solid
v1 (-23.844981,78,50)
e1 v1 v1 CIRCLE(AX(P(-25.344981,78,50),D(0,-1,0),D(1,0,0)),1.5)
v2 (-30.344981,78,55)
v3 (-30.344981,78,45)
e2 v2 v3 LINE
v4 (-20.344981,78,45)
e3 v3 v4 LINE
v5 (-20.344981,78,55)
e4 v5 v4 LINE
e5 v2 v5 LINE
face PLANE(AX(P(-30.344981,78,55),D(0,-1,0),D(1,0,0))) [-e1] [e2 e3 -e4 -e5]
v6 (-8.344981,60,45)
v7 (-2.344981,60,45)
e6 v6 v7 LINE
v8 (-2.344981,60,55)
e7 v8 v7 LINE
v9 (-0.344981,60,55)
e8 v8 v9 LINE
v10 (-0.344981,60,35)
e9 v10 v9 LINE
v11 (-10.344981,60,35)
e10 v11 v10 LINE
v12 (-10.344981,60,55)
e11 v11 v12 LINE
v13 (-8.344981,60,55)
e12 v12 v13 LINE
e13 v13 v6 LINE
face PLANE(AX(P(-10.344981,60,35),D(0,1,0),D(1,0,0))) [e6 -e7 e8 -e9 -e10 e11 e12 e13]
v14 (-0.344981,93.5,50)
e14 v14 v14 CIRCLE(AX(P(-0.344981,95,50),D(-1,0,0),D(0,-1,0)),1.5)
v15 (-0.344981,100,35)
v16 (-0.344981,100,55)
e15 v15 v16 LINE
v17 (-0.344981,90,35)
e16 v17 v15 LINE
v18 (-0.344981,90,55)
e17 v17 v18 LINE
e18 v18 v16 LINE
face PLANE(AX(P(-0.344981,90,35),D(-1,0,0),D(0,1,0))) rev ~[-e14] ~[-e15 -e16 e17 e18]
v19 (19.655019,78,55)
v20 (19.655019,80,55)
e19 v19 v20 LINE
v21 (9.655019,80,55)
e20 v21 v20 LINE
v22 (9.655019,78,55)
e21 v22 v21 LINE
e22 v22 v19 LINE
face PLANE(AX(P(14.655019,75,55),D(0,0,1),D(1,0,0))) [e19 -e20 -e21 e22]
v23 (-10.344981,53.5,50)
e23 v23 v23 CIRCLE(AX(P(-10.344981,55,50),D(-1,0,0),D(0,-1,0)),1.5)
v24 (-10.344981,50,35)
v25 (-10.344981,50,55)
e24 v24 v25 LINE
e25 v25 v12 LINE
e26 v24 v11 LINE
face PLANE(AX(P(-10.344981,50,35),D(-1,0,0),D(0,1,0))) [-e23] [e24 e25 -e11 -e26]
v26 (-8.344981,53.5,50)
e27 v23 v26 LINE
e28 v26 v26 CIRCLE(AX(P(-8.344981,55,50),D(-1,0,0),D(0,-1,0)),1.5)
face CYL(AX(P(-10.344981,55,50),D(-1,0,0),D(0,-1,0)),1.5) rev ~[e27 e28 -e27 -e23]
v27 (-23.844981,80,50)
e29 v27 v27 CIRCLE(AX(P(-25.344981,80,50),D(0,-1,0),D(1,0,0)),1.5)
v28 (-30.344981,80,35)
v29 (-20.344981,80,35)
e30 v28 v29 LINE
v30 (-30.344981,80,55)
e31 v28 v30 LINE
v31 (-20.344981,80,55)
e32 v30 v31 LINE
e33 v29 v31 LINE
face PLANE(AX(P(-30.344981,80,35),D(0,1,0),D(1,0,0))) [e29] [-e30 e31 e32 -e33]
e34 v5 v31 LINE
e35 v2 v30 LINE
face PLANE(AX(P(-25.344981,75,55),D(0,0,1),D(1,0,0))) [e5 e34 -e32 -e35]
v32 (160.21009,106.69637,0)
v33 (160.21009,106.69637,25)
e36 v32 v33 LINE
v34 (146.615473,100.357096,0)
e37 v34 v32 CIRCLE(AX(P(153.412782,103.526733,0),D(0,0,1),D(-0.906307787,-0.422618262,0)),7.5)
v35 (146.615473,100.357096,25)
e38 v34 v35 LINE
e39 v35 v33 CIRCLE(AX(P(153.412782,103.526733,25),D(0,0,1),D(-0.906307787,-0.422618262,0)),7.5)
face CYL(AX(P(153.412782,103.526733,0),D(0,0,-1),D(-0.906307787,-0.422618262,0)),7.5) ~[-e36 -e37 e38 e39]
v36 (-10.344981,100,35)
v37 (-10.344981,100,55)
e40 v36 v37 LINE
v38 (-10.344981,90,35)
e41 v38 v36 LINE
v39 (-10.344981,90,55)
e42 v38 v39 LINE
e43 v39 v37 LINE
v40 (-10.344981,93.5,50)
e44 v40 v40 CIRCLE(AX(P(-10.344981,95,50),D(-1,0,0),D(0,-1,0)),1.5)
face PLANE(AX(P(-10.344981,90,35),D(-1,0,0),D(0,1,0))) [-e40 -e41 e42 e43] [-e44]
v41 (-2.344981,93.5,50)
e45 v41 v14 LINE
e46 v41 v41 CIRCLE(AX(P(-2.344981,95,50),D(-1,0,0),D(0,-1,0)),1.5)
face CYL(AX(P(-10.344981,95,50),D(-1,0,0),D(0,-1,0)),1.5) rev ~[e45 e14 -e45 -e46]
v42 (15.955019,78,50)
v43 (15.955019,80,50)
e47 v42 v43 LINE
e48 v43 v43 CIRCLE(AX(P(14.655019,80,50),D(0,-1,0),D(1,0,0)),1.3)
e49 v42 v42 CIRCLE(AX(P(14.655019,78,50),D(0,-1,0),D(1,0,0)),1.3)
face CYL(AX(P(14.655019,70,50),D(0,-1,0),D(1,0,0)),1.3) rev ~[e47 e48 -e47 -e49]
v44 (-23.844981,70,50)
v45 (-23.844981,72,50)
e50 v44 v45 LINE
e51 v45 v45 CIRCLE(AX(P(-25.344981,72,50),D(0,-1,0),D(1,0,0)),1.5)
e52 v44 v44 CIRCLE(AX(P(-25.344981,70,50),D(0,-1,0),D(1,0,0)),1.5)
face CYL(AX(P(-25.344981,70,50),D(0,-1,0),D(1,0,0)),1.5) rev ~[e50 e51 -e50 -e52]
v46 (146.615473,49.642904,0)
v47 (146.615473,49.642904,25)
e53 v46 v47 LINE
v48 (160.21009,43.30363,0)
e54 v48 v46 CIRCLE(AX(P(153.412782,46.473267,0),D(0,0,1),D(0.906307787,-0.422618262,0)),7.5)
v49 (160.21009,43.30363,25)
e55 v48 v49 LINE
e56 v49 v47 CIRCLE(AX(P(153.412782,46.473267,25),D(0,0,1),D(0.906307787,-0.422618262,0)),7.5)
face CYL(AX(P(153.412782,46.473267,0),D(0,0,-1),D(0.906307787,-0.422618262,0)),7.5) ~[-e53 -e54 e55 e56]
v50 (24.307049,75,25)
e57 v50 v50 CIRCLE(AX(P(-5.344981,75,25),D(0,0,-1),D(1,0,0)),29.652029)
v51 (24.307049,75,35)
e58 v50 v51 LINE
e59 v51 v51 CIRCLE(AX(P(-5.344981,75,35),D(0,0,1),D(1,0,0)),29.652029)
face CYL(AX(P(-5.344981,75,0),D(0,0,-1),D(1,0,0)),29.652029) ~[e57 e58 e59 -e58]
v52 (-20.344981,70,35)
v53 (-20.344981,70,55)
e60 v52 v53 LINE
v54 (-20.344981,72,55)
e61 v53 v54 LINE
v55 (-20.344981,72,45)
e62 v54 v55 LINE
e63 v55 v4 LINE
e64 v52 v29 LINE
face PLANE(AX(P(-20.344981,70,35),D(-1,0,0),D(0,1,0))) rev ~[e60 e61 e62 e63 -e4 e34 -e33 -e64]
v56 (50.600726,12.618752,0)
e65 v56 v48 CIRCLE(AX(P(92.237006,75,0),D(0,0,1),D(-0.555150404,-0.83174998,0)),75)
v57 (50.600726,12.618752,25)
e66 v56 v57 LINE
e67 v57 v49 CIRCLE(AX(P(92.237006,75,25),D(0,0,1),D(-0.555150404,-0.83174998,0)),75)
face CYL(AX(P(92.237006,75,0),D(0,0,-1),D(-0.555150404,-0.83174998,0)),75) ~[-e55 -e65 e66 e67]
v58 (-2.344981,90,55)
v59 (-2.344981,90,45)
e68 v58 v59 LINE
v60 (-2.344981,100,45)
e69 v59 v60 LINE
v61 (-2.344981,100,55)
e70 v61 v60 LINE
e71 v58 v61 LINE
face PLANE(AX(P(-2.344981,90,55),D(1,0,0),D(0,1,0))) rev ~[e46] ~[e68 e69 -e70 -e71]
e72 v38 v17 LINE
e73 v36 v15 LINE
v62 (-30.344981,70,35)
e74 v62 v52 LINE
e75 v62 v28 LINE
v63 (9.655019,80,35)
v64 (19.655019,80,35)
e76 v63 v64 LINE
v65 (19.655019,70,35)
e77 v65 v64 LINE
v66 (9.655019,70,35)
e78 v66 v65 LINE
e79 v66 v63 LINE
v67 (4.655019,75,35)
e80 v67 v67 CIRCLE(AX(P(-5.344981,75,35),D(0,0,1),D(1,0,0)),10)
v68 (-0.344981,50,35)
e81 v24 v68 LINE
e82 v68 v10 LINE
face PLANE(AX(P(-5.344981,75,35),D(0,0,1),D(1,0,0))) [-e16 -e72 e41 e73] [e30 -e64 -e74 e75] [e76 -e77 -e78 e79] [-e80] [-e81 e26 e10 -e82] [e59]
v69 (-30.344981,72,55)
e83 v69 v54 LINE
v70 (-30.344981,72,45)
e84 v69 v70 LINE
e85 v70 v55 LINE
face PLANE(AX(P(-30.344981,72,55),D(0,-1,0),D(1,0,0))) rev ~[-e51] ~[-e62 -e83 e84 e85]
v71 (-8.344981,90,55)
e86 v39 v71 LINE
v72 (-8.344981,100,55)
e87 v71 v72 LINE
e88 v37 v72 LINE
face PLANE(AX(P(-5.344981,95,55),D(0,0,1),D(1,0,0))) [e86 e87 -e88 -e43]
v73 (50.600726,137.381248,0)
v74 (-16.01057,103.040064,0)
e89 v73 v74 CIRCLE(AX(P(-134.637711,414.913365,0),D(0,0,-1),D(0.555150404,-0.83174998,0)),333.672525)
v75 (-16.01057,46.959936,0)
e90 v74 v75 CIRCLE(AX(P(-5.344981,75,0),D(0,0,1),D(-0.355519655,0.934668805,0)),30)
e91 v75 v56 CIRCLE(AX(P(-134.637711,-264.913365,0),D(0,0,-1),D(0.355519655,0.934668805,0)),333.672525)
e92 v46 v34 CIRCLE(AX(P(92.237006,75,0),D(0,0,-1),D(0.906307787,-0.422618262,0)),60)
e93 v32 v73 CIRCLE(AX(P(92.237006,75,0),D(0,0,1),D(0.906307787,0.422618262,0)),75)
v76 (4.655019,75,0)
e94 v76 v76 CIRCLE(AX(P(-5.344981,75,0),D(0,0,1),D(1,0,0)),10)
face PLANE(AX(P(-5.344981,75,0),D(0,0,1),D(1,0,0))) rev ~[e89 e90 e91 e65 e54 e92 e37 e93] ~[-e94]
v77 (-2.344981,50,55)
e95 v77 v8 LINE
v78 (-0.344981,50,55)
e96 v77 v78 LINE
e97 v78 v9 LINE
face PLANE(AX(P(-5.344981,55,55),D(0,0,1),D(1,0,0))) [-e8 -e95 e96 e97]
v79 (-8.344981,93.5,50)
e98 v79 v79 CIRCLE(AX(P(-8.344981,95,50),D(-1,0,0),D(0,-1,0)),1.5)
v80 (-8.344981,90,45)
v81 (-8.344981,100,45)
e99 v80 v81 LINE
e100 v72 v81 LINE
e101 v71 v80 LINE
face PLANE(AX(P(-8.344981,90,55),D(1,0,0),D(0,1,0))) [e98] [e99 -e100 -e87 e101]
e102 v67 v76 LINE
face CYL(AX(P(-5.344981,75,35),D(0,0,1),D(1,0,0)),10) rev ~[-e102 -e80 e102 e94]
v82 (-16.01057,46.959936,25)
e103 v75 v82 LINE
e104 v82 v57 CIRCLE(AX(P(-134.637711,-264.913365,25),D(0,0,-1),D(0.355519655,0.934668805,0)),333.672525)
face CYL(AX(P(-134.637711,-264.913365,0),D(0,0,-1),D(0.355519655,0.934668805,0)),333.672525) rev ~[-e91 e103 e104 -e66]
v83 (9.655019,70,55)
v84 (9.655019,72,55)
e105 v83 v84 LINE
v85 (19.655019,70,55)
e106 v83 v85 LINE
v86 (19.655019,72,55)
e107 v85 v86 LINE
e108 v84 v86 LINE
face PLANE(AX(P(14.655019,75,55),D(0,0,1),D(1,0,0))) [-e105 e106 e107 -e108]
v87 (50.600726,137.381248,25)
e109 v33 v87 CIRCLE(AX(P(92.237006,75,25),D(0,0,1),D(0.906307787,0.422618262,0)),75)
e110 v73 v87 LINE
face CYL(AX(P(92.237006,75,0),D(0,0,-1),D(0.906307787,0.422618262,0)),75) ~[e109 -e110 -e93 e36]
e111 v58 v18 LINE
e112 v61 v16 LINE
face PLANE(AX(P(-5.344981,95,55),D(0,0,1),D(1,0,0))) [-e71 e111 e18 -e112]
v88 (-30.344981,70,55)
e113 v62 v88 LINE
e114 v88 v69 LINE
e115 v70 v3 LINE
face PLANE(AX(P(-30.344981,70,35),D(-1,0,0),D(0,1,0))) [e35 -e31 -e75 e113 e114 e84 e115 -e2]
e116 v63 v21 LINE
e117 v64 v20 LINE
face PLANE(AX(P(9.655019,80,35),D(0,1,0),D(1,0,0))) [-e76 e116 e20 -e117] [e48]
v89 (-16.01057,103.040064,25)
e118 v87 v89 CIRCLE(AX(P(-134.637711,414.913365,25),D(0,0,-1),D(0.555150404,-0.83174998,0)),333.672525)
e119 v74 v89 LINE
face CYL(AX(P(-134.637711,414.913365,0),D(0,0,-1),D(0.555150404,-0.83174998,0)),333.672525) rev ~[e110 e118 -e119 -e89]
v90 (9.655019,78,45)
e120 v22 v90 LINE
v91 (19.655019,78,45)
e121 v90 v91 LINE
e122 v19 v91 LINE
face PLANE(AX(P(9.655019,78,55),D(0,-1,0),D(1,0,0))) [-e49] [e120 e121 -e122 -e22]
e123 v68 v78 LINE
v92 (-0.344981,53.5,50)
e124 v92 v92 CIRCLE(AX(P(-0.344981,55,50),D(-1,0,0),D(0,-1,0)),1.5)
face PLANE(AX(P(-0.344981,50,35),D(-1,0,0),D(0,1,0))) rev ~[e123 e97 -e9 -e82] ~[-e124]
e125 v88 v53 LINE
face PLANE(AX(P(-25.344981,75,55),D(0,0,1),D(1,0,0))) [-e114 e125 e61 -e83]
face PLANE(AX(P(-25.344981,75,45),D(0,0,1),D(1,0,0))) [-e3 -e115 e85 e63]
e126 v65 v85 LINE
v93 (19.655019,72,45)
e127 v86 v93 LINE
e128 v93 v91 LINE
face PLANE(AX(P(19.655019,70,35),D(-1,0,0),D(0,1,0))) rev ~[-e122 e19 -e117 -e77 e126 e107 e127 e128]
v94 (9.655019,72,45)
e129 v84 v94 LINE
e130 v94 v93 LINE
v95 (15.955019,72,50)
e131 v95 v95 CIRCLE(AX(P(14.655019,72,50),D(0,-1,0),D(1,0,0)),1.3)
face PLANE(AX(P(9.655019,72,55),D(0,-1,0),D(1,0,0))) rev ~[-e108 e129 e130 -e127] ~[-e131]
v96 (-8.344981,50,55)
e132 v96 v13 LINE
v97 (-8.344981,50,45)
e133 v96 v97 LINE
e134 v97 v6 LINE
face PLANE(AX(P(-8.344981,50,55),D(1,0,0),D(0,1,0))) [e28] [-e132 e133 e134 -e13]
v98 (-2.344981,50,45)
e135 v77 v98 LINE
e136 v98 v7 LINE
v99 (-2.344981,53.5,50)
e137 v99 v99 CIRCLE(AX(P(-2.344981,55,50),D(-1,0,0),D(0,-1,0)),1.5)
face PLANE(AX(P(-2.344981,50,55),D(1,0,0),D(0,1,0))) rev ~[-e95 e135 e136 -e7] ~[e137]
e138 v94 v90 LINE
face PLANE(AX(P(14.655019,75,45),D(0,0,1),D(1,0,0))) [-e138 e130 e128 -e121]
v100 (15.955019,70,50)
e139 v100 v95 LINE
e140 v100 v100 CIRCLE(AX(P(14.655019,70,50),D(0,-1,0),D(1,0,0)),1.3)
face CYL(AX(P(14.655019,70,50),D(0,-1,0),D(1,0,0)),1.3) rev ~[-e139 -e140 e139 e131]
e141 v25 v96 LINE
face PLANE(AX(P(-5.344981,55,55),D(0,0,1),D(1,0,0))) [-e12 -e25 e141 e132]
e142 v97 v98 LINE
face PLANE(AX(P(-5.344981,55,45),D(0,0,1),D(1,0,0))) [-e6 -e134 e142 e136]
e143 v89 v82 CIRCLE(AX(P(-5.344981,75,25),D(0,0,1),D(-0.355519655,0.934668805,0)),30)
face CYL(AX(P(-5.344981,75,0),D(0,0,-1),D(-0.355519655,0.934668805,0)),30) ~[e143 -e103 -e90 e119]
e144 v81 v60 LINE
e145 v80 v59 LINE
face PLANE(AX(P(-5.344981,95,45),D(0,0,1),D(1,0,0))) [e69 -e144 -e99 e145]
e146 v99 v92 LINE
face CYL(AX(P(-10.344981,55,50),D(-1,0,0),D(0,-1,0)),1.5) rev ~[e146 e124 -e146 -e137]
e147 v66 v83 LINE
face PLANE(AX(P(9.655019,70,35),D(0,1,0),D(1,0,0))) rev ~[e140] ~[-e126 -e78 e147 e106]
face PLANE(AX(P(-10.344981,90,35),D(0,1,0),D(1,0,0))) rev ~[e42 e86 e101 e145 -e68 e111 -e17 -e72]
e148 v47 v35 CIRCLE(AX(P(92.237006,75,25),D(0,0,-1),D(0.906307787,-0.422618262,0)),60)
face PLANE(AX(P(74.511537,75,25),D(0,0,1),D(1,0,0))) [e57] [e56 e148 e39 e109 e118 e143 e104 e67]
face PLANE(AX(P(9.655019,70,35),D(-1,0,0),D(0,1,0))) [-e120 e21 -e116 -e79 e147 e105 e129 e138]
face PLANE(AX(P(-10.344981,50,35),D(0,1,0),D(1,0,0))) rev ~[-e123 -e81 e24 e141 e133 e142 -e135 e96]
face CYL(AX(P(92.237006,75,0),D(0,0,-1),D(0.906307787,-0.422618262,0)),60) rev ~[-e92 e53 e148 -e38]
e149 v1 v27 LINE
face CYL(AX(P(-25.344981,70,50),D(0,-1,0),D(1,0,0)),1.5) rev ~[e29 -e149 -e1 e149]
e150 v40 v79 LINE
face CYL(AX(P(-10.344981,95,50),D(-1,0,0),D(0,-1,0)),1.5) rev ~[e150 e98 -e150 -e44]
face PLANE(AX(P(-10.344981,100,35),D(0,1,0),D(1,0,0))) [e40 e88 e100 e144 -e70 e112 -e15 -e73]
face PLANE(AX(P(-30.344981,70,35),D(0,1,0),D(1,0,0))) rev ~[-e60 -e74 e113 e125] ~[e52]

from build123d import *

# Parameters (mm, degrees)
BOSS_EXTRUDE1_DEPTH = 25
SKETCH1_3_R         = 29.652029199
BOSS_EXTRUDE2_DEPTH = 35
SKETCH3_R           = 10
CUT_EXTRUDE1_DEPTH  = 35
SKETCH4_W           = 10
SKETCH4_H           = 10
BOSS_EXTRUDE3_DEPTH = 20
SKETCH5_W           = 6
SKETCH5_H           = 10
SKETCH5_W_2         = 10
SKETCH5_H_2         = 6
CUT_EXTRUDE2_DEPTH  = 10
SKETCH6_R           = 1.3
SKETCH6_R_2         = 1.5
CUT_EXTRUDE3_DEPTH  = 10
SKETCH7_R           = 1.5
CUT_EXTRUDE4_DEPTH  = 10


with BuildPart() as part:
    # Sketch1 → Boss-Extrude1 (new body)
    with BuildSketch(Plane.XY):
        with BuildLine():
            ThreePointArc((50.600725893, 12.618751535), (112.455741461, 2.776716043), (160.210090254, 43.303630369))
            ThreePointArc((160.210090254, 43.303630369), (156.582418814, 53.270575735), (146.615473448, 49.642904296))
            ThreePointArc((146.615473448, 49.642904296), (32.237006226, 75), (146.615473448, 100.357095704))
            ThreePointArc((146.615473448, 100.357095704), (156.582418814, 96.729424265), (160.210090254, 106.696369631))
            ThreePointArc((160.210090254, 106.696369631), (112.455741461, 147.223283957), (50.600725893, 137.381248465))
            ThreePointArc((50.600725893, 137.381248465), (18.262261371, 118.334618782), (-16.010570265, 103.040064143))
            ThreePointArc((-16.010570265, 103.040064143), (-35.344980602, 75), (-16.010570265, 46.959935857))
            ThreePointArc((-16.010570265, 46.959935857), (18.262261371, 31.665381218), (50.600725893, 12.618751535))
        make_face()
    extrude(amount=BOSS_EXTRUDE1_DEPTH)

    # Sketch1<3> → Boss-Extrude2 (add)
    with BuildSketch(Plane.XY):
        with Locations((-5.344980602, 75)):
            Circle(SKETCH1_3_R)
    extrude(amount=BOSS_EXTRUDE2_DEPTH)

    # Sketch3 → Cut-Extrude1 (cut)
    with BuildSketch(Plane.XY.offset(35)):
        with Locations((-5.344980602, 75)):
            Circle(SKETCH3_R)
    extrude(amount=-CUT_EXTRUDE1_DEPTH, mode=Mode.SUBTRACT)

    # Sketch4 → Boss-Extrude3 (add)
    with BuildSketch(Plane.XY.offset(35)):
        with Locations((14.655019398, 75)):
            Rectangle(SKETCH4_W, SKETCH4_H)
        with Locations((-5.344980602, 55)):
            Rectangle(SKETCH4_W, SKETCH4_H)
        with Locations((-5.344980602, 95)):
            Rectangle(SKETCH4_W, SKETCH4_H)
        with Locations((-25.344980602, 75)):
            Rectangle(SKETCH4_W, SKETCH4_H)
    extrude(amount=BOSS_EXTRUDE3_DEPTH)

    # Sketch5 → Cut-Extrude2 (cut)
    with BuildSketch(Plane.XY.offset(55)):
        with Locations((-5.344980602, 95)):
            Rectangle(SKETCH5_W, SKETCH5_H)
        with Locations((14.655019398, 75)):
            Rectangle(SKETCH5_W_2, SKETCH5_H_2)
        with Locations((-5.344980602, 55)):
            Rectangle(SKETCH5_W, SKETCH5_H)
        with Locations((-25.344980602, 75)):
            Rectangle(SKETCH5_W_2, SKETCH5_H_2)
    extrude(amount=-CUT_EXTRUDE2_DEPTH, mode=Mode.SUBTRACT)

    # Sketch6 → Cut-Extrude3 (cut)
    with BuildSketch(Plane(origin=(0, 70, 0), x_dir=(-1, 0, 0), z_dir=(0, -1, 0))):
        with Locations(Location((-14.655019398, -50, 0), (0, 0, 180))):
            Circle(SKETCH6_R)
        with Locations(Location((25.344980602, -50, 0), (0, 0, 180))):
            Circle(SKETCH6_R_2)
    extrude(amount=-CUT_EXTRUDE3_DEPTH, mode=Mode.SUBTRACT)

    # Sketch7 → Cut-Extrude4 (cut)
    with BuildSketch(Plane.ZY.offset(10.344980602)):
        with Locations(Location((50, 55, 0), (0, 0, 270))):
            Circle(SKETCH7_R)
        with Locations(Location((50, 95, 0), (0, 0, 270))):
            Circle(SKETCH7_R)
    extrude(amount=-CUT_EXTRUDE4_DEPTH, mode=Mode.SUBTRACT)


solid = part.part
